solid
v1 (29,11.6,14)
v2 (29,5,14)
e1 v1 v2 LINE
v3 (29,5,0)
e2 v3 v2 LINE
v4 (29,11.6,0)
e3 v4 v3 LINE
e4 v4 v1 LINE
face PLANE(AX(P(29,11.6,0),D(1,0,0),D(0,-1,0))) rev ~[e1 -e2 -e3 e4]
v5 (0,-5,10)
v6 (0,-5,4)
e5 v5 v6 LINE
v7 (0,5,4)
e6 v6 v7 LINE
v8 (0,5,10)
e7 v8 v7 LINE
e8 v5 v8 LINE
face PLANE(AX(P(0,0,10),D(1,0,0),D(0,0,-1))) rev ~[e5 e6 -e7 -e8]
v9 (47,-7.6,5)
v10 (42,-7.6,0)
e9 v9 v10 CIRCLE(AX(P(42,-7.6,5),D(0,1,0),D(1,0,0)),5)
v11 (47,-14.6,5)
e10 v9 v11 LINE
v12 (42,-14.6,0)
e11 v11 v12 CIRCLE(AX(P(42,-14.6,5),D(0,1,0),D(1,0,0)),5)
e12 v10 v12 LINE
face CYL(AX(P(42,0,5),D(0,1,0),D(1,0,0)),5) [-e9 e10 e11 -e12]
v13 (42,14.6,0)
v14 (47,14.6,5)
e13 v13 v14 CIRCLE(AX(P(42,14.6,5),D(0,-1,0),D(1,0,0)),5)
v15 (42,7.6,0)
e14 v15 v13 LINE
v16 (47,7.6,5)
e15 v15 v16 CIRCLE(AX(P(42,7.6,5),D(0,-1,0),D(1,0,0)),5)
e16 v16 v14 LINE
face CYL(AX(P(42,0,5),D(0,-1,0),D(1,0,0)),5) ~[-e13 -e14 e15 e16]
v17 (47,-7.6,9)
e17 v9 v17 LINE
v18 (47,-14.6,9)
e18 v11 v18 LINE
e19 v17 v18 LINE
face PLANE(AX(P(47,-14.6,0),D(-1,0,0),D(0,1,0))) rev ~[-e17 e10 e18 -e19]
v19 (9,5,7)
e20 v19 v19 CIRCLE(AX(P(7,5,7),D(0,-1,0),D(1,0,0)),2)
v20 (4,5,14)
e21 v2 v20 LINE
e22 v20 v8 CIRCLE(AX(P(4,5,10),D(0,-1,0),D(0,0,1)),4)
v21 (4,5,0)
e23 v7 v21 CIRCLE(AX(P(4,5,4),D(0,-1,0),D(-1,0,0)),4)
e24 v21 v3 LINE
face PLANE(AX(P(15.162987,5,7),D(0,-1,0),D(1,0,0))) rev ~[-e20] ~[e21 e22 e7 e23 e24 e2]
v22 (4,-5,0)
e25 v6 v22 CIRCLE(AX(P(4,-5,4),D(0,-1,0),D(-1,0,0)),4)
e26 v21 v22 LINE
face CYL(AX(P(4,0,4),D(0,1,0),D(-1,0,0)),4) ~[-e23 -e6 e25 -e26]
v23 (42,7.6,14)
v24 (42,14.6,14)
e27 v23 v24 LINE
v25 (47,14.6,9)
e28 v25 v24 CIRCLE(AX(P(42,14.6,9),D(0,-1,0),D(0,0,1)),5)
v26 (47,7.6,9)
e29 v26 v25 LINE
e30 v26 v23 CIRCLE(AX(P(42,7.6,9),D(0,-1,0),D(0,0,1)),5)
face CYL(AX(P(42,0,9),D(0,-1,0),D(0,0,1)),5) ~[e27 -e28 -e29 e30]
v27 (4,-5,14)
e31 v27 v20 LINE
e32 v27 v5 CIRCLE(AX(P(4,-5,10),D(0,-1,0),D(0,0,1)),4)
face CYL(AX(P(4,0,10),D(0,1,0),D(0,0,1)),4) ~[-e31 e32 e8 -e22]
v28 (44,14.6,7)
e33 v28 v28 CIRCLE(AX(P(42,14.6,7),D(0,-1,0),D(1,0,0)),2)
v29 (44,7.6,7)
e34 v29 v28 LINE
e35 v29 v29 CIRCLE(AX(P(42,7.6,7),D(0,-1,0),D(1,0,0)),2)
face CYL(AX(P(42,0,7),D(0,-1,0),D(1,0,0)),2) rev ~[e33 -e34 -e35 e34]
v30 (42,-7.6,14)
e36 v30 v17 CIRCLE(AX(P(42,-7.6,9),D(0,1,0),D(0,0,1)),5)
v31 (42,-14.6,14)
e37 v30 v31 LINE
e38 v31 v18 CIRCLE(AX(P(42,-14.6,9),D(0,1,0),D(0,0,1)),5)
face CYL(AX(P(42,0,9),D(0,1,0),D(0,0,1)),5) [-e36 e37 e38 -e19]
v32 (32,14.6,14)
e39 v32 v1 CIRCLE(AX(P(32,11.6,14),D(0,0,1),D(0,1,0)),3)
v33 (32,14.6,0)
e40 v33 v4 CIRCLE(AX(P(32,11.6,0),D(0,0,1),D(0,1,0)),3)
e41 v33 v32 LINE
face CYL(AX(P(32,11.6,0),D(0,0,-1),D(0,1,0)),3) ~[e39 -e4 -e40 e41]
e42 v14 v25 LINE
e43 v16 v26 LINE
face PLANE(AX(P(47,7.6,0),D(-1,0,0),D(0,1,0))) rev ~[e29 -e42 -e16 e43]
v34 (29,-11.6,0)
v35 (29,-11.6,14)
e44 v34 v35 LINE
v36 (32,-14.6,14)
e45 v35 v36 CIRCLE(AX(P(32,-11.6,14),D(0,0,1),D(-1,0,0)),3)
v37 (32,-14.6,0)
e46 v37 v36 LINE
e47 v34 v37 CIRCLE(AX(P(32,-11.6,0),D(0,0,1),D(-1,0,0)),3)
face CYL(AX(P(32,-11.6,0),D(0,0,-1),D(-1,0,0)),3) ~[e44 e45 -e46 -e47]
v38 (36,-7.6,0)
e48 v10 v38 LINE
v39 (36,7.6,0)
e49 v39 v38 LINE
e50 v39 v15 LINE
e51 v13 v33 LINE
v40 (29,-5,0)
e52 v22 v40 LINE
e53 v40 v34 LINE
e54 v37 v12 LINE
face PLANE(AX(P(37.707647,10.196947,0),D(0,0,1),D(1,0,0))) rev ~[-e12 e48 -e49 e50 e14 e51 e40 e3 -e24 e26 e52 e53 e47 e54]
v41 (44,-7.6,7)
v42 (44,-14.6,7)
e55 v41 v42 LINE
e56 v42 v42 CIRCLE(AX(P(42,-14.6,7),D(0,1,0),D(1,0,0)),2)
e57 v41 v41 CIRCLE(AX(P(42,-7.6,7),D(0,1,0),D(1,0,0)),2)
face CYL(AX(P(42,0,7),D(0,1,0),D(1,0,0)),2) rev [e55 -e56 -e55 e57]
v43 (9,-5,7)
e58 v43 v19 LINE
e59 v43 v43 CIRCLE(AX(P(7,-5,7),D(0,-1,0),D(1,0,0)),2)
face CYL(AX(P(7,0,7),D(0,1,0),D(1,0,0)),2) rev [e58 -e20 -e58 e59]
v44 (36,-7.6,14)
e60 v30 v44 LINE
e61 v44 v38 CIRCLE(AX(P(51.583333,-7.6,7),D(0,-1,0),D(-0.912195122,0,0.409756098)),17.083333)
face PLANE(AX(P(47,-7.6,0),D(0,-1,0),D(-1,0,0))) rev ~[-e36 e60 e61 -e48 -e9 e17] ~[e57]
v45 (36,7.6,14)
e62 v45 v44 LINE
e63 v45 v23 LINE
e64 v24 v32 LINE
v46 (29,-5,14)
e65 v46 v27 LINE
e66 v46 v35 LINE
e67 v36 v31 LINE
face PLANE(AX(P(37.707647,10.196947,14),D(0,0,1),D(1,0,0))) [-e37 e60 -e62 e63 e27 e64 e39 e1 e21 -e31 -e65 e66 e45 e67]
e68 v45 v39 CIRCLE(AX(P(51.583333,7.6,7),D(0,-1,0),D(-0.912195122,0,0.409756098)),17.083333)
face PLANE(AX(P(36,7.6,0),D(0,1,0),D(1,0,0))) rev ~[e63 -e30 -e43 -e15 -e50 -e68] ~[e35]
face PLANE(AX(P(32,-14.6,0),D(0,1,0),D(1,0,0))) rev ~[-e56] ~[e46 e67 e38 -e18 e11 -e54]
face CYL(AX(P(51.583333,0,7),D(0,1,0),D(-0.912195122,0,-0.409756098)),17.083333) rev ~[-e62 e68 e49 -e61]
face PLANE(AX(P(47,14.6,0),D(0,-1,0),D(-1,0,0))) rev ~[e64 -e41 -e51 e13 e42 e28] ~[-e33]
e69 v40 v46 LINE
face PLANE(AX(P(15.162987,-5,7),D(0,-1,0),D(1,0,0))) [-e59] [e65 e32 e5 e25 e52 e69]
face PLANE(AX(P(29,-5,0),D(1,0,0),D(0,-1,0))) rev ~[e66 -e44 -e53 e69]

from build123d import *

# Parameters (mm, degrees)
F0_R          = 2
F2_DEPTH      = 5
F2_DEPTH_BACK = 5
F3_DEPTH      = 14
F4_DEPTH      = 25
F4_DEPTH_BACK = 25
F5_DEPTH      = 7.6
F5_DEPTH_BACK = 7.6


with BuildPart() as f2:
    # F0 (on Front) → F2 (new body, two sides)
    with BuildSketch(Plane.XZ) as f2_sk:
        with BuildLine():
            ThreePointArc((0, 4), (1.1715728753, 1.1715728753), (4, 0))
            Line((4, 0), (29, 0))
            Line((29, 0), (29, 14))
            Line((29, 14), (4, 14))
            ThreePointArc((4, 14), (1.1715728753, 12.8284271247), (0, 10))
            Line((0, 10), (0, 4))
        make_face()
        with Locations((7, 7)):
            Circle(F0_R, mode=Mode.SUBTRACT)
        with BuildLine():
            Line((29, 14), (29, 0))
            Line((29, 0), (36, 0))
            ThreePointArc((36, 0), (34.5, 7), (36, 14))
            Line((36, 14), (29, 14))
        make_face()
    extrude(amount=-F2_DEPTH)
    extrude(f2_sk.sketch, amount=F2_DEPTH_BACK)

    # F1 (on Top) → F3 (join)
    with BuildSketch(Plane.XY):
        with BuildLine():
            Line((36, 7.6), (47, 7.6))
            Line((47, 7.6), (47, 14.6))
            Line((47, 14.6), (32, 14.6))
            ThreePointArc((32, 14.6), (29.8786796564, 13.7213203436), (29, 11.6))
            Line((29, 11.6), (29, 5))
            Line((29, 5), (36, 5))
            Line((36, 5), (36, 7.6))
        make_face()
        with BuildLine():
            ThreePointArc((29, -11.6), (29.8786796564, -13.7213203436), (32, -14.6))
            Line((32, -14.6), (47, -14.6))
            Line((47, -14.6), (47, -7.6))
            Line((47, -7.6), (36, -7.6))
            Line((36, -7.6), (36, -5))
            Line((36, -5), (29, -5))
            Line((29, -5), (29, -11.6))
        make_face()
    extrude(amount=F3_DEPTH)

    # F0 (on Front) → F4 (cut, two sides)
    with BuildSketch(Plane.XZ) as f4_sk:
        with Locations((42, 7)):
            Circle(F0_R)
        with BuildLine():
            Line((47, 14), (42, 14))
            ThreePointArc((42, 14), (45.5355339059, 12.5355339059), (47, 9))
            Line((47, 9), (47, 14))
        make_face()
        with BuildLine():
            ThreePointArc((47, 5), (45.5355339059, 1.4644660941), (42, 0))
            Line((42, 0), (47, 0))
            Line((47, 0), (47, 5))
        make_face()
    extrude(amount=-F4_DEPTH, mode=Mode.SUBTRACT)
    extrude(f4_sk.sketch, amount=F4_DEPTH_BACK, mode=Mode.SUBTRACT)

    # F0 (on Front) → F5 (cut, two sides)
    with BuildSketch(Plane.XZ) as f5_sk:
        with BuildLine():
            ThreePointArc((36, 14), (34.5, 7), (36, 0))
            Line((36, 0), (36, 14))
        make_face()
    extrude(amount=-F5_DEPTH, mode=Mode.SUBTRACT)
    extrude(f5_sk.sketch, amount=F5_DEPTH_BACK, mode=Mode.SUBTRACT)


solid = f2.part
